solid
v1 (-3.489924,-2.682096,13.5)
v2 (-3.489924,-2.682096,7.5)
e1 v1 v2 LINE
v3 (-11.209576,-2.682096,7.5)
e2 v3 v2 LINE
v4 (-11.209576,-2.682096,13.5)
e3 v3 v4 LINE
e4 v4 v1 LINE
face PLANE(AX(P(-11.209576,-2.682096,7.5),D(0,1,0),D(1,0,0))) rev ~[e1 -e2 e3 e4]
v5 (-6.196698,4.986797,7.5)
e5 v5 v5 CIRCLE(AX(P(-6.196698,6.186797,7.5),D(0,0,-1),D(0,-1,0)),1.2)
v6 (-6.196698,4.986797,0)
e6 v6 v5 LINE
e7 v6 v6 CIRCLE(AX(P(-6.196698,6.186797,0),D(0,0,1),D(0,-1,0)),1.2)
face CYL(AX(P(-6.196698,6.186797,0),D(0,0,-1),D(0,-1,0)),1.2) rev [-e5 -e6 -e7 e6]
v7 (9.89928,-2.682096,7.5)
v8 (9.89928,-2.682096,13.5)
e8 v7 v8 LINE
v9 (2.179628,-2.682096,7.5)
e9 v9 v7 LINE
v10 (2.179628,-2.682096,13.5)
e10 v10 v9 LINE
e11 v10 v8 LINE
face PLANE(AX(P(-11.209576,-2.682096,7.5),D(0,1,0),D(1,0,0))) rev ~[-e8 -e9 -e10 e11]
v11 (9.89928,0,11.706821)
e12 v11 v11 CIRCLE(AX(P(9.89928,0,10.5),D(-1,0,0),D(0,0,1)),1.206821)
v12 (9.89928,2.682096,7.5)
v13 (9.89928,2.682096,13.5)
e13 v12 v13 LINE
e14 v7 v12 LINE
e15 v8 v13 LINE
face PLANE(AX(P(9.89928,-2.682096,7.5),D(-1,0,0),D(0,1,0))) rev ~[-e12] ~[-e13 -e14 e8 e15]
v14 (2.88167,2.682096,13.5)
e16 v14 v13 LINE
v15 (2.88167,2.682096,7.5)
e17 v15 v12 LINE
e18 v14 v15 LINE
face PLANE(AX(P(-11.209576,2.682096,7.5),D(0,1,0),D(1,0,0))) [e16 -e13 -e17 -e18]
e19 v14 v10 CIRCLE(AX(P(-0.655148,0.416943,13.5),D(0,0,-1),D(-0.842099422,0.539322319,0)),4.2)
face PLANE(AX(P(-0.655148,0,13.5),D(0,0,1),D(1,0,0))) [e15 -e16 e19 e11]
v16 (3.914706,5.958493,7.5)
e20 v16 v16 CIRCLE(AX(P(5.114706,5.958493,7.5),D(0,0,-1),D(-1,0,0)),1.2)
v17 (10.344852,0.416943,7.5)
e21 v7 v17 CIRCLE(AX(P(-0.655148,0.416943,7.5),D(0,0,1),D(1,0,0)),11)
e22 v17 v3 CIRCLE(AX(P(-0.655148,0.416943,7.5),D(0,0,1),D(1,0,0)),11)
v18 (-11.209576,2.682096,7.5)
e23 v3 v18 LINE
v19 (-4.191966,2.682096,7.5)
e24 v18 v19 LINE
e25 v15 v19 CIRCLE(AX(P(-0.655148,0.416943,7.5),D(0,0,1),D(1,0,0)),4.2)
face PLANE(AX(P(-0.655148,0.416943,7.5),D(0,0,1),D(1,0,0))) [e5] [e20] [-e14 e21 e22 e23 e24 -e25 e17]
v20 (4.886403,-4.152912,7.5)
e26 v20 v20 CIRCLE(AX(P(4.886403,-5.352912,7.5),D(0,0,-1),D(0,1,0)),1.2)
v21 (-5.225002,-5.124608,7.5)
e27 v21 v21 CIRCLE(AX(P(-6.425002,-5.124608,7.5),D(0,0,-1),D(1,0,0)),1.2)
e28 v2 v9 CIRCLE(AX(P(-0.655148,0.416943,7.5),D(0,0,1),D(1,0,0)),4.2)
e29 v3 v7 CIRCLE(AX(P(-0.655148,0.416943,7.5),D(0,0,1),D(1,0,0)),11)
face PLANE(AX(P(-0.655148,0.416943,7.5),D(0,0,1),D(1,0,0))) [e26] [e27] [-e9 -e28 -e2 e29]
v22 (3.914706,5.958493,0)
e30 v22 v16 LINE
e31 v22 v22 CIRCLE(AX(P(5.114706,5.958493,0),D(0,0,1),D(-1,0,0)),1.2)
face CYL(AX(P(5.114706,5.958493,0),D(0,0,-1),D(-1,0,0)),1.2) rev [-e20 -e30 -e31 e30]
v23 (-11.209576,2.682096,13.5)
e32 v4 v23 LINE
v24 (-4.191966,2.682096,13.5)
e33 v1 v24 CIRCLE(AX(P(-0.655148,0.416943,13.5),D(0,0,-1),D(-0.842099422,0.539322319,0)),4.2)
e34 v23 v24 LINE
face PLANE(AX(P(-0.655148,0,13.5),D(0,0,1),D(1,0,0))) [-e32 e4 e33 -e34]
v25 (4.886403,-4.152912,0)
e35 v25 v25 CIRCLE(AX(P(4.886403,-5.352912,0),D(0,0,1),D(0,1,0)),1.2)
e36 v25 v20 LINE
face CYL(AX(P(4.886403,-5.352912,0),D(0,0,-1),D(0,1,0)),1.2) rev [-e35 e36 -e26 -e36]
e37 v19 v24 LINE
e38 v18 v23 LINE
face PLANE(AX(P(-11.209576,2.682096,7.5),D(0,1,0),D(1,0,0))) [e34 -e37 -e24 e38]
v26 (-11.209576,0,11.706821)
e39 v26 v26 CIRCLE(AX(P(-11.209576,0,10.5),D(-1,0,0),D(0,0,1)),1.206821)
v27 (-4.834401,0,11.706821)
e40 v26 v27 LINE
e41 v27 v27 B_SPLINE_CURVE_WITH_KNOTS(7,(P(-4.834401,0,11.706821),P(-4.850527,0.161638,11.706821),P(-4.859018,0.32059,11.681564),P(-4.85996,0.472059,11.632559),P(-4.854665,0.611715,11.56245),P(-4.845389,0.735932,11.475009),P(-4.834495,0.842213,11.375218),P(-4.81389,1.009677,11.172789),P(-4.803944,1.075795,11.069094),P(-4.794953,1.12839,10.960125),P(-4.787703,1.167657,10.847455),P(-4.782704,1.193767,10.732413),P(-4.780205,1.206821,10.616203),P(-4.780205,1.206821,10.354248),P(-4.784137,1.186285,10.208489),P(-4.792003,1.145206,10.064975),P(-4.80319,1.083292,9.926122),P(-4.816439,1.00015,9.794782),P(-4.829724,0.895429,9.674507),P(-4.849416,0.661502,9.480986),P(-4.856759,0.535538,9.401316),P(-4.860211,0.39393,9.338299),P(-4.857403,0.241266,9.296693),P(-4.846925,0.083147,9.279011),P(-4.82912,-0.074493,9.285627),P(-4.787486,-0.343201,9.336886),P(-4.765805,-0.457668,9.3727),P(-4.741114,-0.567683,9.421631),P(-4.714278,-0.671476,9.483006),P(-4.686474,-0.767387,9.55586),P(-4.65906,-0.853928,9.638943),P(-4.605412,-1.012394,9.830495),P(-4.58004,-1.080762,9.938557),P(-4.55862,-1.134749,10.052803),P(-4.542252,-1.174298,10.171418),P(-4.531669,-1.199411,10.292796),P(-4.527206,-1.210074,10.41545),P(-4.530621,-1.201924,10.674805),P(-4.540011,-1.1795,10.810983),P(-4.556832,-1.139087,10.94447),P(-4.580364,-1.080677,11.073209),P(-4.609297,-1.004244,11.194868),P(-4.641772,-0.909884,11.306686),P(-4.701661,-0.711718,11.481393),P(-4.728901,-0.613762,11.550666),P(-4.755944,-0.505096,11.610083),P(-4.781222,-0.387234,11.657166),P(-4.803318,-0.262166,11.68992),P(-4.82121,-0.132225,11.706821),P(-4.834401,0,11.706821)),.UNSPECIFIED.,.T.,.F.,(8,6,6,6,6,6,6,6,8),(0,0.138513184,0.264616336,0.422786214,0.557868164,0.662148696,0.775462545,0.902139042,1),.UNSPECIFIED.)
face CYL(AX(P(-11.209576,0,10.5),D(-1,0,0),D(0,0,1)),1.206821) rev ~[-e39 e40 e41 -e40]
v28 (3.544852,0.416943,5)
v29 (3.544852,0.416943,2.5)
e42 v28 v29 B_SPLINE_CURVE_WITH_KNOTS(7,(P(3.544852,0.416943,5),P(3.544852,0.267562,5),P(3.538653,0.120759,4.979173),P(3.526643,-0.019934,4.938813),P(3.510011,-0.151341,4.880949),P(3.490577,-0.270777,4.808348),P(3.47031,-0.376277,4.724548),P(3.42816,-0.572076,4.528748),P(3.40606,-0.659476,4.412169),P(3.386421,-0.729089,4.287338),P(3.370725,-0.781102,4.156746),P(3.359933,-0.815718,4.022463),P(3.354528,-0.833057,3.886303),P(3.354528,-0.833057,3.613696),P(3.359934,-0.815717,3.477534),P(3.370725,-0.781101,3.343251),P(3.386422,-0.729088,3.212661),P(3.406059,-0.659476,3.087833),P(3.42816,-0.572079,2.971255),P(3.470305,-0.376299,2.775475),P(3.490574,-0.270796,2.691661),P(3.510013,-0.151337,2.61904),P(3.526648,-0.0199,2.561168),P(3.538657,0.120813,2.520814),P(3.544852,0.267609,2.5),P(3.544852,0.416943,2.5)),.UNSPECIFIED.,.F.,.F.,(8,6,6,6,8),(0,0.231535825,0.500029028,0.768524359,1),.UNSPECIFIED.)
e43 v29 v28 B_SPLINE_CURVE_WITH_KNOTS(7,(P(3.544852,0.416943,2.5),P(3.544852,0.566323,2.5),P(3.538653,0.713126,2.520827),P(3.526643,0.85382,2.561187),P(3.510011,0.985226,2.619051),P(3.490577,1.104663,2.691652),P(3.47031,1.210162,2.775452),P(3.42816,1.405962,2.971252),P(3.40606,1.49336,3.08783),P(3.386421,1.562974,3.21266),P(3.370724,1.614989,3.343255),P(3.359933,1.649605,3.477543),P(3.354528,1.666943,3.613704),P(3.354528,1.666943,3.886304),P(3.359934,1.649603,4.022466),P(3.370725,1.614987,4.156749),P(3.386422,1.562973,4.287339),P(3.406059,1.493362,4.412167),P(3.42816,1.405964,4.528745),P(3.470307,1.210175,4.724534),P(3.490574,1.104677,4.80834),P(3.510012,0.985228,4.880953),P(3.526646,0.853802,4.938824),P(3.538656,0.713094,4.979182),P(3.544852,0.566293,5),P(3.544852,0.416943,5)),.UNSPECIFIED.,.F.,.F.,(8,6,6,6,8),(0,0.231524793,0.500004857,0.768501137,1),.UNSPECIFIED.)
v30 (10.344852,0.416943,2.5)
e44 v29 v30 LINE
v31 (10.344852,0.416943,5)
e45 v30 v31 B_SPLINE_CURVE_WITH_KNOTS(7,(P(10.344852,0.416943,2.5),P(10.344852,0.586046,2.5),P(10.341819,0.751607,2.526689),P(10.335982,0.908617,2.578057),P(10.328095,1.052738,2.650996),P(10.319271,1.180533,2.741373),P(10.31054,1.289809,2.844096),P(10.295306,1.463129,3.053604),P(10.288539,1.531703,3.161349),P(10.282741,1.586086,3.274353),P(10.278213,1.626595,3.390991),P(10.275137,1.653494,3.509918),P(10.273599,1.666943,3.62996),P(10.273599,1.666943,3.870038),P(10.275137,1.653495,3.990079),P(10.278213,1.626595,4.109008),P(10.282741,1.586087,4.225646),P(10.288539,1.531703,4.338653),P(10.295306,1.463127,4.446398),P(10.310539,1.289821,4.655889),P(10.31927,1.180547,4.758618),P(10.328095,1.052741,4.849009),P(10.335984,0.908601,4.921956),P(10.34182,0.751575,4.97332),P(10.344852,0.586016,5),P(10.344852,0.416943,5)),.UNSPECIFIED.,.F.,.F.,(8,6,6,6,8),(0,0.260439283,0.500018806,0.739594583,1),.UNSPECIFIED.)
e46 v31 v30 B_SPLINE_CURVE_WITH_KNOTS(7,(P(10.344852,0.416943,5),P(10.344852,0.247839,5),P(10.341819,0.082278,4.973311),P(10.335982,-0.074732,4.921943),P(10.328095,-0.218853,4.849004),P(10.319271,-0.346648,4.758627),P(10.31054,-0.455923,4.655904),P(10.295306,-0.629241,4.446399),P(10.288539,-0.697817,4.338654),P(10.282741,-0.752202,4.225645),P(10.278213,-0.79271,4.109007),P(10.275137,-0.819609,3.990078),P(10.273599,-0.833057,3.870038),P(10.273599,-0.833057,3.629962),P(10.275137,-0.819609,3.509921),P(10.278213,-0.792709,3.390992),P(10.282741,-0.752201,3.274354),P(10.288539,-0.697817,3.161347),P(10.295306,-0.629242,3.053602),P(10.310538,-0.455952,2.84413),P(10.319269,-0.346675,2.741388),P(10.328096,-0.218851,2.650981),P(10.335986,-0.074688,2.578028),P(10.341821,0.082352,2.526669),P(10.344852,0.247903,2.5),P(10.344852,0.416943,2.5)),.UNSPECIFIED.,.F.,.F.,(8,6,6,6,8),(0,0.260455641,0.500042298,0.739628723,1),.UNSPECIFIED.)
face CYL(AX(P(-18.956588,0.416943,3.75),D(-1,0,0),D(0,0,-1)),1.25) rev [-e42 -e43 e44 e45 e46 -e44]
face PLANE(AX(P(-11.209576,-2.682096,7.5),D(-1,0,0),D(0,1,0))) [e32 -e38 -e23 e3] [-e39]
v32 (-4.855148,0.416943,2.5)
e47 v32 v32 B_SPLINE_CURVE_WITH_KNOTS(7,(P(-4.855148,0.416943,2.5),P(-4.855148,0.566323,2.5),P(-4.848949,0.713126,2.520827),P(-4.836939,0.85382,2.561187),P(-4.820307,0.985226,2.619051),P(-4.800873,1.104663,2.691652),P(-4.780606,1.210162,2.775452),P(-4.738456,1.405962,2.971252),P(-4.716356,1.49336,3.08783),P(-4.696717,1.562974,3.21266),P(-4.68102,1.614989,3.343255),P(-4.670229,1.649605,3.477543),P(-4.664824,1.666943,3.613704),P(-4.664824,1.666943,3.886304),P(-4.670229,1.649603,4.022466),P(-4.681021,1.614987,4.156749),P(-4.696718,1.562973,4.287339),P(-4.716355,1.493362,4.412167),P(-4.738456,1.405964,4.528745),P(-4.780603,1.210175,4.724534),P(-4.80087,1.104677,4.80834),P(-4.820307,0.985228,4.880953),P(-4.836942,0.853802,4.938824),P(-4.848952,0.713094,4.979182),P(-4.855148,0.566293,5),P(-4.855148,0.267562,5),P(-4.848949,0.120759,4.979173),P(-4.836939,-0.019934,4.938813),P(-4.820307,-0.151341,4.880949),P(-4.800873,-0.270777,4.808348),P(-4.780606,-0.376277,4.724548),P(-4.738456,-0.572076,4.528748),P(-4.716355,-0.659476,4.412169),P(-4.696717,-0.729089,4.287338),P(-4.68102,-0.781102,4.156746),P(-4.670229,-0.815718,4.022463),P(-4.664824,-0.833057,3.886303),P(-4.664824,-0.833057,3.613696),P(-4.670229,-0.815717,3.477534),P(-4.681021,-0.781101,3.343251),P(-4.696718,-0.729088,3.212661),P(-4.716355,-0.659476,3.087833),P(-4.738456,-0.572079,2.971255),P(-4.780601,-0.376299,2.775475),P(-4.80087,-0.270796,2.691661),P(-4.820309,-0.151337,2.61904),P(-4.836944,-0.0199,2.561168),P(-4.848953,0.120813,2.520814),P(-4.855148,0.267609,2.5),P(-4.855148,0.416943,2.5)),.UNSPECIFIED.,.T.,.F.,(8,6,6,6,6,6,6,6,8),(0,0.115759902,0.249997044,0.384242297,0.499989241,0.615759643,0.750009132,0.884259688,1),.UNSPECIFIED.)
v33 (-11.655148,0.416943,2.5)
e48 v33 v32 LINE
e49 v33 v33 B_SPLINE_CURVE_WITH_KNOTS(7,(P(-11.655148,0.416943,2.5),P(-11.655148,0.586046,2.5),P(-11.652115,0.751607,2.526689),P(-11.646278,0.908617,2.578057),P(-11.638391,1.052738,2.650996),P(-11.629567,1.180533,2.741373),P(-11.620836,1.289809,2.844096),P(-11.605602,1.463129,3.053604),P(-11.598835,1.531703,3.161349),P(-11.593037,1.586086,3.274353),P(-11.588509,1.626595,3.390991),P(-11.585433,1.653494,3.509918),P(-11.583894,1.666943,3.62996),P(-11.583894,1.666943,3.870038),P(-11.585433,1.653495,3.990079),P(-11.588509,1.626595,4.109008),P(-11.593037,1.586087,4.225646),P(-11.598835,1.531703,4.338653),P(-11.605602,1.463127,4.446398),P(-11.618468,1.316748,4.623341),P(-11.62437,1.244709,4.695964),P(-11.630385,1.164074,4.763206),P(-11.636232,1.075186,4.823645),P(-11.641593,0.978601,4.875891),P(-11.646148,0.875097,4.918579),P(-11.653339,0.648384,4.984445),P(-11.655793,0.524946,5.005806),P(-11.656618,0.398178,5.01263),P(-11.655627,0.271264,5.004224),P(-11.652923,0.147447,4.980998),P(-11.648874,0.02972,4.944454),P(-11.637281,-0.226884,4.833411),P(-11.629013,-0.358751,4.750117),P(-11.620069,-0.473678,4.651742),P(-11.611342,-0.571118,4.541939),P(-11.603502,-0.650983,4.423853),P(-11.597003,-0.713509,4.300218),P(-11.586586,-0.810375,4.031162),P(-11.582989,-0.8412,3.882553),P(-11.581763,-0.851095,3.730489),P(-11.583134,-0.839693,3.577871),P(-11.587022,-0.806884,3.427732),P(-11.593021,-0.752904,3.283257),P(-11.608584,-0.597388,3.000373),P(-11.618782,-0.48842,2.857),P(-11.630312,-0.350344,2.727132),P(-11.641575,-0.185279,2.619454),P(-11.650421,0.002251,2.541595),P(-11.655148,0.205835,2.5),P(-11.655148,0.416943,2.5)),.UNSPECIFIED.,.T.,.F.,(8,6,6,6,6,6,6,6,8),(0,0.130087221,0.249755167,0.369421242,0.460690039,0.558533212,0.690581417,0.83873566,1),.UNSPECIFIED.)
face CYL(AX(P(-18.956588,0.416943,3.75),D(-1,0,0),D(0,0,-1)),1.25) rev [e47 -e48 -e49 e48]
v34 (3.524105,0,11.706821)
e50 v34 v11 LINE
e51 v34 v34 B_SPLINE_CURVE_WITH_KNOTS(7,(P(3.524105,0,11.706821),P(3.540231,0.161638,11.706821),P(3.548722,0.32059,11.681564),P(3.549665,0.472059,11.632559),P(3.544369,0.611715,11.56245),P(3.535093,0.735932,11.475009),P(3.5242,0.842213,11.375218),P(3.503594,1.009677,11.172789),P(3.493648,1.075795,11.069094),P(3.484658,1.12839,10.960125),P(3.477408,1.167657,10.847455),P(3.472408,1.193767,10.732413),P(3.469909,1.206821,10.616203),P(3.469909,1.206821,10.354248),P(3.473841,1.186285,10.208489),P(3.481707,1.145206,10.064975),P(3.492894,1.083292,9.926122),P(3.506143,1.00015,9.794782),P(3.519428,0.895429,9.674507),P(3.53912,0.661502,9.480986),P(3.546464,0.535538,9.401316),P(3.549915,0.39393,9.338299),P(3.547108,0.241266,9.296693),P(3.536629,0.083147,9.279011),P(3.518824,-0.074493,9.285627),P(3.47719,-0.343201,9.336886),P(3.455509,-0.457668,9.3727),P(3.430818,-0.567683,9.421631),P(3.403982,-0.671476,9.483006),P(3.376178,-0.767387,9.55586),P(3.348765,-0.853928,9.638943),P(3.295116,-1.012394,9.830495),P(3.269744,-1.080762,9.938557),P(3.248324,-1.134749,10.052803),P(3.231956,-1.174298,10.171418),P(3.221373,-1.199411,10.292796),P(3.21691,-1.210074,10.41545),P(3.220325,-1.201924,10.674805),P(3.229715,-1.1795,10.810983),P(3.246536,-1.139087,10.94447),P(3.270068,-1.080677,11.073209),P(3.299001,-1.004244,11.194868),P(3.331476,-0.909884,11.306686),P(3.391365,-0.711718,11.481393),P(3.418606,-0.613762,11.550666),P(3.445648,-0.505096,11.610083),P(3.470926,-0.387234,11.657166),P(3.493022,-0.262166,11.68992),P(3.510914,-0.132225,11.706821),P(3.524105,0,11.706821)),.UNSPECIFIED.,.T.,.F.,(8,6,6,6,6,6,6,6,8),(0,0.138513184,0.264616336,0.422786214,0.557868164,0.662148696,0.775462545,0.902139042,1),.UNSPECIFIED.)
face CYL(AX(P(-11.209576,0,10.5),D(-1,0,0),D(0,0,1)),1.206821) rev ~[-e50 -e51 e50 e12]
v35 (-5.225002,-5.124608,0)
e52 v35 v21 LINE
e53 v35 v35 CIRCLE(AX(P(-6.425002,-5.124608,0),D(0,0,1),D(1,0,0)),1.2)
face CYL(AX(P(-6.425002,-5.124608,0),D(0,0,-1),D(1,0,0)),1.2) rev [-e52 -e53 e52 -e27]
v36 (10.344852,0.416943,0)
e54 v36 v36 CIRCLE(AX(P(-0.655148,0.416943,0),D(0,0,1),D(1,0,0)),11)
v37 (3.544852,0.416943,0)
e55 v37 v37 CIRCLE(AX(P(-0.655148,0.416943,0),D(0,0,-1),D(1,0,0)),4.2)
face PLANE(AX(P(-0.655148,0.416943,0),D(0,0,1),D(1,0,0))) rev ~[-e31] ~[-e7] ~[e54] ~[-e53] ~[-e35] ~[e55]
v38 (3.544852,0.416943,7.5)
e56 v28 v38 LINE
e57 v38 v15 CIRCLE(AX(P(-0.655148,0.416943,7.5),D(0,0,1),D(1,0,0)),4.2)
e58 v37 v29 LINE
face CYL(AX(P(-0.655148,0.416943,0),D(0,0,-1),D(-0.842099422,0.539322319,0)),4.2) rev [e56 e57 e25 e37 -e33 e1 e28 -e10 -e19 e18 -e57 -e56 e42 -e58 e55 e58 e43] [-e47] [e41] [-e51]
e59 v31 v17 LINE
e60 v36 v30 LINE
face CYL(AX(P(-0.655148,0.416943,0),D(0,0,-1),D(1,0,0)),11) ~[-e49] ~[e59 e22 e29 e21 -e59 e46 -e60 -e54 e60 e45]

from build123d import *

# Parameters (mm, degrees)
SKETCH1_R               = 11
SKETCH1_R_2             = 4.2
BOSS_EXTRUDE1_DEPTH     = 7.5
CUT_EXTRUDE1_DEPTH      = 18.956588045
CUT_EXTRUDE1_DEPTH_BACK = 18.956588045
SKETCH2_R               = 1.25
SKETCH1_4_R             = 1.2
CUT_EXTRUDE3_DEPTH      = 18.956588216
CIRPATTERN2_COUNT       = 4
SKETCH3_W               = 21.108856579
SKETCH3_H               = 5.364192866
BOSS_EXTRUDE2_DEPTH     = 6
SKETCH4_R               = 1.20682121
CUT_EXTRUDE4_DEPTH      = 28.878127015
SKETCH1_5_R             = 4.2
CUT_EXTRUDE5_DEPTH      = 22.176379739


with BuildPart() as part:
    # Sketch1 → Boss-Extrude1 (new body)
    with BuildSketch(Plane.XY):
        with Locations((-0.655147954, 0.416942691)):
            Circle(SKETCH1_R)
        with Locations((-0.655147954, 0.416942691)):
            Circle(SKETCH1_R_2, mode=Mode.SUBTRACT)
    extrude(amount=BOSS_EXTRUDE1_DEPTH)

    # Sketch2 → Cut-Extrude1 (cut, two sides: drawn at the far end of the back side and taken through both)
    with BuildSketch(Plane(origin=(0, 0, 0), x_dir=(0, 0, -1), z_dir=(1, 0, 0)).offset(-CUT_EXTRUDE1_DEPTH_BACK)):
        with Locations((-3.75, 0.416942691)):
            Circle(SKETCH2_R)
    extrude(amount=CUT_EXTRUDE1_DEPTH + CUT_EXTRUDE1_DEPTH_BACK, mode=Mode.SUBTRACT)

    # Sketch1<4> → Cut-Extrude3 (cut, through all)
    with BuildSketch(Plane.XY):
        with Locations((-6.42500216, -5.124607853)):
            Circle(SKETCH1_4_R)
    cut_extrude3 = extrude(amount=CUT_EXTRUDE3_DEPTH, mode=Mode.SUBTRACT)

    # CirPattern2: Cut-Extrude3 ×4 about axis
    cirpattern2_axis = Axis((-0.655147954, 0.416942691, 7.5), (0, 0, 1))
    for i in range(1, CIRPATTERN2_COUNT):
        add(cut_extrude3.rotate(cirpattern2_axis, i * 360 / CIRPATTERN2_COUNT), mode=Mode.SUBTRACT)

    # Sketch3 → Boss-Extrude2 (add)
    with BuildSketch(Plane.XY.offset(7.5)):
        with Locations((-0.655147954, 0)):
            Rectangle(SKETCH3_W, SKETCH3_H)
    extrude(amount=BOSS_EXTRUDE2_DEPTH)

    # Sketch4 → Cut-Extrude4 (cut, through all)
    with BuildSketch(Plane.ZY.offset(11.209576243)):
        with Locations((10.5, 0)):
            Circle(SKETCH4_R)
    extrude(amount=-CUT_EXTRUDE4_DEPTH, mode=Mode.SUBTRACT)

    # Sketch1<5> → Cut-Extrude5 (cut, through all)
    with BuildSketch(Plane.XY):
        with Locations((-0.655147954, 0.416942691)):
            Circle(SKETCH1_5_R)
    extrude(amount=CUT_EXTRUDE5_DEPTH, mode=Mode.SUBTRACT)


solid = part.part
